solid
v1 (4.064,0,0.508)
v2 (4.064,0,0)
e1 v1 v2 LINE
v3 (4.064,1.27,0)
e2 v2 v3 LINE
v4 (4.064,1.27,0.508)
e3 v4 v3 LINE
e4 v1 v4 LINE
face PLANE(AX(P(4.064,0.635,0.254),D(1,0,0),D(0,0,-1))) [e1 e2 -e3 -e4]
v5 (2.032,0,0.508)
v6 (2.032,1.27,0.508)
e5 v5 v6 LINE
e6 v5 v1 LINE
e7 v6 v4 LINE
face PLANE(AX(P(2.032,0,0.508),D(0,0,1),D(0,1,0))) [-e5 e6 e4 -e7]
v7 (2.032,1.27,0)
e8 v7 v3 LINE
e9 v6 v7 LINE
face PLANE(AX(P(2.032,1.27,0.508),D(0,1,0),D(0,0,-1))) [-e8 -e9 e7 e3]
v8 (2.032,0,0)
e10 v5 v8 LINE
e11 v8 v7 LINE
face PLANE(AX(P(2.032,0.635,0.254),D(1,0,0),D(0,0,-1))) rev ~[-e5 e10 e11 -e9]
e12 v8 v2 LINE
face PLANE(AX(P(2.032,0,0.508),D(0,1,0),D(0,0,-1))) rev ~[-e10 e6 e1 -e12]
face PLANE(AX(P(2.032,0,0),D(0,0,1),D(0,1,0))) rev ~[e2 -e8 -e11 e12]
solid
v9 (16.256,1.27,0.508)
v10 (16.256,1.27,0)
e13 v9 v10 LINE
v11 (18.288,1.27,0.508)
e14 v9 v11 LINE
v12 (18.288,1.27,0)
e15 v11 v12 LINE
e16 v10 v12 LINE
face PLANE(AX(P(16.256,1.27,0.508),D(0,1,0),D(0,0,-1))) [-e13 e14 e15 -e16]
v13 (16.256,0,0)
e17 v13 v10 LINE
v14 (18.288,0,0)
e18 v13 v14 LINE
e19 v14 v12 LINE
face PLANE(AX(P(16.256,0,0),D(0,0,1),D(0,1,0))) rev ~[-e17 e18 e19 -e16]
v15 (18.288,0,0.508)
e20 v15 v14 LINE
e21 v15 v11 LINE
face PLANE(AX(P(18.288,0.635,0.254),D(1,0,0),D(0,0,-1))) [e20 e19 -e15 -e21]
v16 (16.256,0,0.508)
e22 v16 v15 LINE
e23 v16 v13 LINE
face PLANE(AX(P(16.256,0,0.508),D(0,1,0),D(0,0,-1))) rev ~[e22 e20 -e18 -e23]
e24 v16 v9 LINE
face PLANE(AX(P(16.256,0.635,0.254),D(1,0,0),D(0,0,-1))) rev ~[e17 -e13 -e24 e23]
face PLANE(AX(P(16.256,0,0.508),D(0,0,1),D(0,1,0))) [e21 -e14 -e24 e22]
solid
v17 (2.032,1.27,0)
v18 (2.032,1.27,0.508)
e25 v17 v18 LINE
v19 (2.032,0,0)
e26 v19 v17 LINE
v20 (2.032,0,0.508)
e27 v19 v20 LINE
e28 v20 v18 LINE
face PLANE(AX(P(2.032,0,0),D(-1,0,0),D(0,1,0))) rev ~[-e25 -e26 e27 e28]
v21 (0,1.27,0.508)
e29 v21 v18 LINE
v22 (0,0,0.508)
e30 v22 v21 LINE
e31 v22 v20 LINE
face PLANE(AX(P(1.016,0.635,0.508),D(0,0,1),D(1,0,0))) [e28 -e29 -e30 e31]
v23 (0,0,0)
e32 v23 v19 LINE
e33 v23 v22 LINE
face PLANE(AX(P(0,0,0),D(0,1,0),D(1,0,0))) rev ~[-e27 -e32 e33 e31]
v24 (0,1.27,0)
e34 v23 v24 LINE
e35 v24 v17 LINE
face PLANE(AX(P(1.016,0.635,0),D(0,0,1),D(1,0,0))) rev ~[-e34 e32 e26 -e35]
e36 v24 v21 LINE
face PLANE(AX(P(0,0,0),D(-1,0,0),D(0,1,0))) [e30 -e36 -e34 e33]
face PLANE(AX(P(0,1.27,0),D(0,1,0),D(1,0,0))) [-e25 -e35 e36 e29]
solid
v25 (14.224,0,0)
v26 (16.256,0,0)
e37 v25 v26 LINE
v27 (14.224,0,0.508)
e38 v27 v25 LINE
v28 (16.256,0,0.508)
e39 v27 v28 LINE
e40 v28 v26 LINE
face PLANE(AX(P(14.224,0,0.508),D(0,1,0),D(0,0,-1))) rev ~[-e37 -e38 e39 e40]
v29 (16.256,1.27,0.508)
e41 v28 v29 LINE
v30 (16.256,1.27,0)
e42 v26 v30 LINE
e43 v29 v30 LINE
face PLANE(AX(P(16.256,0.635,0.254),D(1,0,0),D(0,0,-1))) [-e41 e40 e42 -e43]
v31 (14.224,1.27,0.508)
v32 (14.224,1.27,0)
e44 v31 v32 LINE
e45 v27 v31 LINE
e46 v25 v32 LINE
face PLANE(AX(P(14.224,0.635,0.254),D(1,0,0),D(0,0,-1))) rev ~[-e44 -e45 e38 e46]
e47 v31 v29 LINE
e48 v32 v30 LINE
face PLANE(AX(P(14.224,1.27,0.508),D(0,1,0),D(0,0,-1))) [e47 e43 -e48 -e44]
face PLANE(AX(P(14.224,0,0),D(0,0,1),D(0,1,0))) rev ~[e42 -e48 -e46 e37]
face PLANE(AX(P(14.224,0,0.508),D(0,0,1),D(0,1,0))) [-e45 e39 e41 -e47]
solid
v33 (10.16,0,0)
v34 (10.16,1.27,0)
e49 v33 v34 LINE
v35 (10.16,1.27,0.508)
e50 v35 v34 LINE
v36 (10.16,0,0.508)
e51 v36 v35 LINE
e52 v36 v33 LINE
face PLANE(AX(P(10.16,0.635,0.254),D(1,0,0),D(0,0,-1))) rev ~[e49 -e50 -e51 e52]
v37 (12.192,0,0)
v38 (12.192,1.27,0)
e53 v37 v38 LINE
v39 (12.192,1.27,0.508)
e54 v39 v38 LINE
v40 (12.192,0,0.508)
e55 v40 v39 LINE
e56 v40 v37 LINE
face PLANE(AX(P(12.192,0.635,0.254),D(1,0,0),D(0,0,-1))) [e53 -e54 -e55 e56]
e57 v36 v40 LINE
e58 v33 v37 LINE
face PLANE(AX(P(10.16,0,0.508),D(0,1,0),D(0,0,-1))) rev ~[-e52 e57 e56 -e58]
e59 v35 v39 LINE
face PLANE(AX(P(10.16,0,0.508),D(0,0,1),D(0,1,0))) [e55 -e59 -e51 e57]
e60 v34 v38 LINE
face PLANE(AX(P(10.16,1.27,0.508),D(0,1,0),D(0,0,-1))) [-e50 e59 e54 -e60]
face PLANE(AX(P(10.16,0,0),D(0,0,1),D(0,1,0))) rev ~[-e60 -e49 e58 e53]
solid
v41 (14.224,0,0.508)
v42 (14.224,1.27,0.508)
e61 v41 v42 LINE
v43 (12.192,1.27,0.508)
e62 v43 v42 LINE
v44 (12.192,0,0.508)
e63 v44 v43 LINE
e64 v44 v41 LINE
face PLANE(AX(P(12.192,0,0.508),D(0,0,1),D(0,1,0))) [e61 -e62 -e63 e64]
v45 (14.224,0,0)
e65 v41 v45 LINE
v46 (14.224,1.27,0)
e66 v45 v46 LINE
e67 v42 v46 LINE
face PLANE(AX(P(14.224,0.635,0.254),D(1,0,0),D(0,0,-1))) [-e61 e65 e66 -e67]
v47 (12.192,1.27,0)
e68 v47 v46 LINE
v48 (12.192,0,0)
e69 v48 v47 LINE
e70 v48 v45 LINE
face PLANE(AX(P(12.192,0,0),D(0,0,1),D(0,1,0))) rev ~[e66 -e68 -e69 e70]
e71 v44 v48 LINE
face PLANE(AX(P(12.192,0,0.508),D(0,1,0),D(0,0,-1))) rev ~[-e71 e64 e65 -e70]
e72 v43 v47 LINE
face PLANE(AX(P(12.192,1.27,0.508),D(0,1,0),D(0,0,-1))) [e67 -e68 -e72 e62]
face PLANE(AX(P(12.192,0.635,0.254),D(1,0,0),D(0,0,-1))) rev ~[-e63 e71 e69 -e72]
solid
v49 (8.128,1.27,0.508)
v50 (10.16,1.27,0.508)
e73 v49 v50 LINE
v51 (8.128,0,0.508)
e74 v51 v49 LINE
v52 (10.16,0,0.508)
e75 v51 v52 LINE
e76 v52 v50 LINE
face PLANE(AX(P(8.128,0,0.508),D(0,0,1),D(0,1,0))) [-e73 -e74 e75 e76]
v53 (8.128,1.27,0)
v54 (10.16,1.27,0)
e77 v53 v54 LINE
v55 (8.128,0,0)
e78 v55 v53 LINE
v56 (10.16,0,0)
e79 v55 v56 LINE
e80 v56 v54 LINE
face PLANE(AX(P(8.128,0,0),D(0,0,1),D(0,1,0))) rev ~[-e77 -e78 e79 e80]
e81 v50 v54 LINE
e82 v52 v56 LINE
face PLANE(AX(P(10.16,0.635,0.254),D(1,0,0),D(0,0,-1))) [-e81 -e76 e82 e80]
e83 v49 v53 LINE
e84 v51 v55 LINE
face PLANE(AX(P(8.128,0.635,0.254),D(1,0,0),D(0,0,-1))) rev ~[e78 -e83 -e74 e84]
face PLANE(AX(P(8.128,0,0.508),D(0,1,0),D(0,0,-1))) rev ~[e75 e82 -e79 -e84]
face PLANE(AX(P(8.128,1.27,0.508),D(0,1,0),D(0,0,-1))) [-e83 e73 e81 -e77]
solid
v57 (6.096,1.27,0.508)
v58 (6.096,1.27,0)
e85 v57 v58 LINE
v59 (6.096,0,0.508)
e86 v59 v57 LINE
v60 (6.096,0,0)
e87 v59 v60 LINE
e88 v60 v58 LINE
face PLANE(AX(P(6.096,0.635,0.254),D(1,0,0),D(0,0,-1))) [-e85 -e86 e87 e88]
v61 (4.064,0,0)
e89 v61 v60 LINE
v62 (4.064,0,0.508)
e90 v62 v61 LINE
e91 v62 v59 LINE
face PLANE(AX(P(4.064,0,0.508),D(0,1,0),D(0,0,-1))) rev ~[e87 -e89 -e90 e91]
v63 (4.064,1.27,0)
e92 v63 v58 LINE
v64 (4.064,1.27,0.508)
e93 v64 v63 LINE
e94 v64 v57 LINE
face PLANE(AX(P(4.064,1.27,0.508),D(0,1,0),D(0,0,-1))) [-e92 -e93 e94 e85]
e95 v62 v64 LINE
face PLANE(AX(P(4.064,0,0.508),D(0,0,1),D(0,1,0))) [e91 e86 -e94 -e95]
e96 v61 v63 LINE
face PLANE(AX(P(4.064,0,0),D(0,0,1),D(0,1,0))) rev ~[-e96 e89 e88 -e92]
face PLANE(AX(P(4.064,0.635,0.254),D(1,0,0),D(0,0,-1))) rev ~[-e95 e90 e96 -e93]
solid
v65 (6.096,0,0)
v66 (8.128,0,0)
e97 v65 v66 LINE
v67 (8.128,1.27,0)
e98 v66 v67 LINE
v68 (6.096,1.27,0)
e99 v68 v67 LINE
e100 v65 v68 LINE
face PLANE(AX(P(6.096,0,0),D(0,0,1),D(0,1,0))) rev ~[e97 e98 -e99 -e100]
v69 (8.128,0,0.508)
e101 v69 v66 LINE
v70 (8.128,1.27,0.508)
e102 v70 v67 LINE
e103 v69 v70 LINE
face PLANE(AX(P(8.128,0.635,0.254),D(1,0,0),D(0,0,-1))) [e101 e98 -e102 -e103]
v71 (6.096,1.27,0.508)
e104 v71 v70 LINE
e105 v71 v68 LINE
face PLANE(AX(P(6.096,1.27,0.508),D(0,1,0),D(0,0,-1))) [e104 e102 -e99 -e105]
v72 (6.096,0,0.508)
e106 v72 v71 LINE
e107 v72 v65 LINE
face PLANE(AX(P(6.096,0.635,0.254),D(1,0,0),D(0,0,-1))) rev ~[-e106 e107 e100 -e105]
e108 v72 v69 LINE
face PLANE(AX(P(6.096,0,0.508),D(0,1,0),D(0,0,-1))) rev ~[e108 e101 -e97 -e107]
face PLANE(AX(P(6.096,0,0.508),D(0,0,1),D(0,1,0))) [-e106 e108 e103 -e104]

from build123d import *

# Parameters (mm, degrees)
SKETCH1_W            = 2.032
SKETCH1_H            = 1.27
BOSS_EXTRUDE1_DEPTH  = 0.508
SKETCH3_W            = 0.508
SKETCH3_H            = 1.27
BOSS_EXTRUDE3_DEPTH  = 2.032
SKETCH4_W            = 0.508
SKETCH4_H            = 1.27
BOSS_EXTRUDE4_DEPTH  = 2.032
SKETCH5_W            = 0.508
SKETCH5_H            = 1.27
BOSS_EXTRUDE5_DEPTH  = 2.032
SKETCH6_W            = 0.508
SKETCH6_H            = 1.27
BOSS_EXTRUDE6_DEPTH  = 2.032
SKETCH7_W            = 0.508
SKETCH7_H            = 1.27
BOSS_EXTRUDE7_DEPTH  = 2.032
SKETCH8_W            = 0.508
SKETCH8_H            = 1.27
BOSS_EXTRUDE8_DEPTH  = 2.032
SKETCH9_W            = 0.508
SKETCH9_H            = 1.27
BOSS_EXTRUDE9_DEPTH  = 2.032
SKETCH10_W           = 0.508
SKETCH10_H           = 1.27
BOSS_EXTRUDE10_DEPTH = 2.032


with BuildPart() as part:
    # Sketch1 → Boss-Extrude1 (new body)
    with BuildSketch(Plane.XY):
        with Locations((1.016, 0.635)):
            Rectangle(SKETCH1_W, SKETCH1_H)
    extrude(amount=BOSS_EXTRUDE1_DEPTH)


with BuildPart() as body_2:
    # Sketch3 → Boss-Extrude3 (new body)
    with BuildSketch(Plane(origin=(2.032, 0, 0), x_dir=(0, 0, -1), z_dir=(1, 0, 0))):
        with Locations((-0.254, 0.635)):
            Rectangle(SKETCH3_W, SKETCH3_H)
    extrude(amount=BOSS_EXTRUDE3_DEPTH)


with BuildPart() as body_3:
    # Sketch4 → Boss-Extrude4 (new body)
    with BuildSketch(Plane(origin=(4.064, 0, 0), x_dir=(0, 0, -1), z_dir=(1, 0, 0))):
        with Locations((-0.254, 0.635)):
            Rectangle(SKETCH4_W, SKETCH4_H)
    extrude(amount=BOSS_EXTRUDE4_DEPTH)


with BuildPart() as body_4:
    # Sketch5 → Boss-Extrude5 (new body)
    with BuildSketch(Plane(origin=(6.096, 0, 0), x_dir=(0, 0, -1), z_dir=(1, 0, 0))):
        with Locations((-0.254, 0.635)):
            Rectangle(SKETCH5_W, SKETCH5_H)
    extrude(amount=BOSS_EXTRUDE5_DEPTH)


with BuildPart() as body_5:
    # Sketch6 → Boss-Extrude6 (new body)
    with BuildSketch(Plane(origin=(8.128, 0, 0), x_dir=(0, 0, -1), z_dir=(1, 0, 0))):
        with Locations((-0.254, 0.635)):
            Rectangle(SKETCH6_W, SKETCH6_H)
    extrude(amount=BOSS_EXTRUDE6_DEPTH)


with BuildPart() as body_6:
    # Sketch7 → Boss-Extrude7 (new body)
    with BuildSketch(Plane(origin=(10.16, 0, 0), x_dir=(0, 0, -1), z_dir=(1, 0, 0))):
        with Locations((-0.254, 0.635)):
            Rectangle(SKETCH7_W, SKETCH7_H)
    extrude(amount=BOSS_EXTRUDE7_DEPTH)


with BuildPart() as body_7:
    # Sketch8 → Boss-Extrude8 (new body)
    with BuildSketch(Plane(origin=(12.192, 0, 0), x_dir=(0, 0, -1), z_dir=(1, 0, 0))):
        with Locations((-0.254, 0.635)):
            Rectangle(SKETCH8_W, SKETCH8_H)
    extrude(amount=BOSS_EXTRUDE8_DEPTH)


with BuildPart() as body_8:
    # Sketch9 → Boss-Extrude9 (new body)
    with BuildSketch(Plane(origin=(14.224, 0, 0), x_dir=(0, 0, -1), z_dir=(1, 0, 0))):
        with Locations((-0.254, 0.635)):
            Rectangle(SKETCH9_W, SKETCH9_H)
    extrude(amount=BOSS_EXTRUDE9_DEPTH)


with BuildPart() as body_9:
    # Sketch10 → Boss-Extrude10 (new body)
    with BuildSketch(Plane(origin=(16.256, 0, 0), x_dir=(0, 0, -1), z_dir=(1, 0, 0))):
        with Locations((-0.254, 0.635)):
            Rectangle(SKETCH10_W, SKETCH10_H)
    extrude(amount=BOSS_EXTRUDE10_DEPTH)


solid = Compound([part.part, body_2.part, body_3.part, body_4.part, body_5.part, body_6.part, body_7.part, body_8.part, body_9.part])
